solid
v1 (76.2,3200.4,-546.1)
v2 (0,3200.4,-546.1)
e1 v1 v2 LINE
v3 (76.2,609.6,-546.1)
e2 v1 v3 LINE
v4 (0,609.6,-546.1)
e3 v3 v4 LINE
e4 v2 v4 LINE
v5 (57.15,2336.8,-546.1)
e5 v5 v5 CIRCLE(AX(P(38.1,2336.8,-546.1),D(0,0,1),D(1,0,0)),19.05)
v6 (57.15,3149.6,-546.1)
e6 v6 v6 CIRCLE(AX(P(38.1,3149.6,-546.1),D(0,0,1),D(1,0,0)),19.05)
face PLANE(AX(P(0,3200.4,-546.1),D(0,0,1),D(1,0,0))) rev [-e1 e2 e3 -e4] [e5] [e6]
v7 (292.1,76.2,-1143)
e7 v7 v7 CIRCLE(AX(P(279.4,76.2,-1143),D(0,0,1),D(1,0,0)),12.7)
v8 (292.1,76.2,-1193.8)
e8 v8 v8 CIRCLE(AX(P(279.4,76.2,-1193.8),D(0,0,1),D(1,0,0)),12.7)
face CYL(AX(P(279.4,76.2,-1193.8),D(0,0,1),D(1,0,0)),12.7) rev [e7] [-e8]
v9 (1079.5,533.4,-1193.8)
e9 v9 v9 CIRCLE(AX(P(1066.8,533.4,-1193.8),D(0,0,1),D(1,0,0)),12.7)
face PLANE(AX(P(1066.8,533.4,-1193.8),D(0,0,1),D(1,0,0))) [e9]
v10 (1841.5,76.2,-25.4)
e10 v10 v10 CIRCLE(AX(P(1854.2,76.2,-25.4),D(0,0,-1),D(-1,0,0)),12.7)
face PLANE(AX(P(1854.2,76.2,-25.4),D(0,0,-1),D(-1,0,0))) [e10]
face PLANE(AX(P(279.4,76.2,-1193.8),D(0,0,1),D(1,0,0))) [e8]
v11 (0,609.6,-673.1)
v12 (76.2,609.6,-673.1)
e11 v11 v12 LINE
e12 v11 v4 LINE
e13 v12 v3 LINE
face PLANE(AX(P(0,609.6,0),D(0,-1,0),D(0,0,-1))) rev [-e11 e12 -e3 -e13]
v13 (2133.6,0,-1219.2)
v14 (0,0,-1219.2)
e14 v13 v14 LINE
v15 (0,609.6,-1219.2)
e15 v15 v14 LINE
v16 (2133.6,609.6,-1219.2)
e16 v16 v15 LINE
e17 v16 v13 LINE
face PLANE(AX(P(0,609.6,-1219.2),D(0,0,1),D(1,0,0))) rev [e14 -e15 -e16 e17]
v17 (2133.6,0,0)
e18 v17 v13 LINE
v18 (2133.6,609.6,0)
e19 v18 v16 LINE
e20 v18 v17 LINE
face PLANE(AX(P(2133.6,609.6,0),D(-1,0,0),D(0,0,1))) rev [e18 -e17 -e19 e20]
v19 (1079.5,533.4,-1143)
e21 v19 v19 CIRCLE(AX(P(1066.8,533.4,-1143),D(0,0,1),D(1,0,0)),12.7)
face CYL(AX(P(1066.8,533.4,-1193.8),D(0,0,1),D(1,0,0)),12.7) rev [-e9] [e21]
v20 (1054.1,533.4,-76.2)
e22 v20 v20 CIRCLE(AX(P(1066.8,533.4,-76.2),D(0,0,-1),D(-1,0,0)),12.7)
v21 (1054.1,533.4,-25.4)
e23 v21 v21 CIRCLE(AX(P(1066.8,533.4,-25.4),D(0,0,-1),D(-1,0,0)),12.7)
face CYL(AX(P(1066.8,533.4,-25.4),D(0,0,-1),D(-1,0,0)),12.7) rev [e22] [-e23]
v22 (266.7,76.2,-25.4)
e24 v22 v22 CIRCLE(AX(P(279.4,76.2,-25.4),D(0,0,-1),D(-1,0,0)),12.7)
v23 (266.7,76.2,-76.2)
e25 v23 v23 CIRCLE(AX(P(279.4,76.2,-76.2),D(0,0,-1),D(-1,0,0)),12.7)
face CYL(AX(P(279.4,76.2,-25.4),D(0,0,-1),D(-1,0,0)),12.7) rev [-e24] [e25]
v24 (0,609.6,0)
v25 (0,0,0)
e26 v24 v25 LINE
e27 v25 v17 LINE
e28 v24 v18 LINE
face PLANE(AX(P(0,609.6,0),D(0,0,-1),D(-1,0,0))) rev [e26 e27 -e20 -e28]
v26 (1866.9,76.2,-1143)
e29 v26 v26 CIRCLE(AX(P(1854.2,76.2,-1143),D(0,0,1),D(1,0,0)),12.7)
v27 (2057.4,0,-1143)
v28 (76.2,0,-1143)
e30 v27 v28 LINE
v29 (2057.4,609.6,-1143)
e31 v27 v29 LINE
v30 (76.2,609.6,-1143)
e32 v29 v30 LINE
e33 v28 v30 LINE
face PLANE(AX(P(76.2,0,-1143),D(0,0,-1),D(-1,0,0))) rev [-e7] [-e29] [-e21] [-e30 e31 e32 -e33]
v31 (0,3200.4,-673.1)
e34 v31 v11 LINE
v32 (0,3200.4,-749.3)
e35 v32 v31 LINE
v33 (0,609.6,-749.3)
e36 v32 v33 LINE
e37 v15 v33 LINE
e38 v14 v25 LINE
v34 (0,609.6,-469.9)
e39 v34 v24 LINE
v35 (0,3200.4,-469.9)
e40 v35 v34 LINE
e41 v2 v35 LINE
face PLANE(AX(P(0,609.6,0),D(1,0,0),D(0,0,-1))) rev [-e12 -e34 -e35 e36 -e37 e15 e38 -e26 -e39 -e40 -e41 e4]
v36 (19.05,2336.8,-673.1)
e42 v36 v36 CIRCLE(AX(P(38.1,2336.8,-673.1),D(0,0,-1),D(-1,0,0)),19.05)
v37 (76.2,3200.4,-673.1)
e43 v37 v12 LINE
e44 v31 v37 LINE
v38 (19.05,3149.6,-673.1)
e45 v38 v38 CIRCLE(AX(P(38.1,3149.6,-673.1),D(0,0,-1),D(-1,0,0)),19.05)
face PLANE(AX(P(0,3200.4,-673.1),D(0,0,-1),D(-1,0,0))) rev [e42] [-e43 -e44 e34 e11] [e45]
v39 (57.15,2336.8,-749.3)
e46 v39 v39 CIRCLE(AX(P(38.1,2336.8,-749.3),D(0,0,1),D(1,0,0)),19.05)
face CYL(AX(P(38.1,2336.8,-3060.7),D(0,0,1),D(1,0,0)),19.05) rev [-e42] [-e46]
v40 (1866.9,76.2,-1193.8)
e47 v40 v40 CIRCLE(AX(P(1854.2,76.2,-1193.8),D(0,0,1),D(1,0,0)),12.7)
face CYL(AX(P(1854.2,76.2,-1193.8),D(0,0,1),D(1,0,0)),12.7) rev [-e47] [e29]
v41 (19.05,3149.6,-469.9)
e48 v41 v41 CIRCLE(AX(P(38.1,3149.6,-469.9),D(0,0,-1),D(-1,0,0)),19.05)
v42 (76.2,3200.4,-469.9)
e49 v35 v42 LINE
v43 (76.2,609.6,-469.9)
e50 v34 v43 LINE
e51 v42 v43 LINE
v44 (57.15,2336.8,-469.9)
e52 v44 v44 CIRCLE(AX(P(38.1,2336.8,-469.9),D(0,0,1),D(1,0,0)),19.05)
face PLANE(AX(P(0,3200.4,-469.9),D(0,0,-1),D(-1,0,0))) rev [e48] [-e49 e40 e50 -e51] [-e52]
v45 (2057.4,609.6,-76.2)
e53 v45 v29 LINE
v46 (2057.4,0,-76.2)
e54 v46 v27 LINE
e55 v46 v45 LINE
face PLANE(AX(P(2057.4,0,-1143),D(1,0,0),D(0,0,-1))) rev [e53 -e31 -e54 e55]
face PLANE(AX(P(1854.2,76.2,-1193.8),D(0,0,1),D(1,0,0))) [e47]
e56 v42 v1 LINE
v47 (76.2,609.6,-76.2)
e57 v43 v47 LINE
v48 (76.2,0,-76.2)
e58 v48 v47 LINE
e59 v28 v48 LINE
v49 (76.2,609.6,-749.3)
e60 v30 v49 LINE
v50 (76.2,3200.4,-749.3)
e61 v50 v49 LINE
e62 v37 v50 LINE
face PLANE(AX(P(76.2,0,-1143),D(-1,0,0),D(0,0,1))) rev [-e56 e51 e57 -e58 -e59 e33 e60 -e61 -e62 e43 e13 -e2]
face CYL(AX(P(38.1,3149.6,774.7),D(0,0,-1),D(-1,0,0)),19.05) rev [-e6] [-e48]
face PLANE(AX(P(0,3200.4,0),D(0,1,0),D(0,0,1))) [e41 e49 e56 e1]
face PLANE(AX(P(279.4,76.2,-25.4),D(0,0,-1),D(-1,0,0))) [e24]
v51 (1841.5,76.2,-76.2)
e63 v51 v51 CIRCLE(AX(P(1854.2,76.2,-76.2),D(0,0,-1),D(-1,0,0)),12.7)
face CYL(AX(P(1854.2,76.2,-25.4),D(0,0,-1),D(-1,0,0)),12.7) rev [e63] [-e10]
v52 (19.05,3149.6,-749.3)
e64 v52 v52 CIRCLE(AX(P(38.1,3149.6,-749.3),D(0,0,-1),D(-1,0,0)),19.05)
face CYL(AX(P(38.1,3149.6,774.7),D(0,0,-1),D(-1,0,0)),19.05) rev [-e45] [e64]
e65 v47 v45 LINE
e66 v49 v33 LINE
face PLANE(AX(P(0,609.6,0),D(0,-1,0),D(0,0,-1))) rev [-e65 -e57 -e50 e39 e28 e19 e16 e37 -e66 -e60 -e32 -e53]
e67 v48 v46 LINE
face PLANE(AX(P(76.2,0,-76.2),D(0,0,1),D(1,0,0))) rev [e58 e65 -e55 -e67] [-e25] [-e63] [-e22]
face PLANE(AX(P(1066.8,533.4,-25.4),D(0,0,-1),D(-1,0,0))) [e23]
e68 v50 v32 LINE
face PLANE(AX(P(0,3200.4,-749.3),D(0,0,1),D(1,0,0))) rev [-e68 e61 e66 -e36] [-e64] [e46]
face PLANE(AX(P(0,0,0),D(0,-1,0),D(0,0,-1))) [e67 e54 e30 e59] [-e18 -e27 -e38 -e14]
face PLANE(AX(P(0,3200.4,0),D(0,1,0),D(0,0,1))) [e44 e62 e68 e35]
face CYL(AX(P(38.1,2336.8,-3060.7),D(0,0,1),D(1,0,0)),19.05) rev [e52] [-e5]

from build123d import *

# Parameters (mm, degrees)
SKETCH1_W           = 2133.6
SKETCH1_H           = 1219.2
BOSS_EXTRUDE1_DEPTH = 609.6
SKETCH2_W           = 1981.2
SKETCH2_H           = 1066.8
CUT_EXTRUDE1_DEPTH  = 609.6
SKETCH5_R           = 12.7
CUT_EXTRUDE2_DEPTH  = 50.8
SKETCH6_R           = 12.7
CUT_EXTRUDE3_DEPTH  = 50.8
SKETCH7_R           = 12.7
BOSS_EXTRUDE2_DEPTH = 50.8
SKETCH8_R           = 12.7
CUT_EXTRUDE4_DEPTH  = 50.8
SKETCH10_R          = 12.7
CUT_EXTRUDE5_DEPTH  = 50.8
SKETCH11_W          = 76.2
SKETCH11_H          = 76.2
BOSS_EXTRUDE3_DEPTH = 2590.8
SKETCH12_R          = 19.05
CUT_EXTRUDE6_DEPTH  = 2590.8
SKETCH13_R          = 19.05
CUT_EXTRUDE7_DEPTH  = 1524


with BuildPart() as part:
    # Sketch1 → Boss-Extrude1 (new body)
    with BuildSketch(Plane(origin=(0, 0, 0), x_dir=(1, 0, 0), z_dir=(0, 1, 0))):
        with Locations((1066.8, 609.6)):
            Rectangle(SKETCH1_W, SKETCH1_H)
    extrude(amount=BOSS_EXTRUDE1_DEPTH)

    # Sketch2 → Cut-Extrude1 (cut)
    with BuildSketch(Plane(origin=(0, 609.6, 0), x_dir=(1, 0, 0), z_dir=(0, 1, 0))):
        with Locations((1066.8, 609.6)):
            Rectangle(SKETCH2_W, SKETCH2_H)
    extrude(amount=-CUT_EXTRUDE1_DEPTH, mode=Mode.SUBTRACT)

    # Sketch5 → Cut-Extrude2 (cut)
    with BuildSketch(Plane(origin=(0, 0, -76.2), x_dir=(-1, 0, 0), z_dir=(0, 0, -1))):
        with Locations((-279.4, 76.2)):
            Circle(SKETCH5_R)
        with Locations((-1854.2, 76.2)):
            Circle(SKETCH5_R)
    extrude(amount=-CUT_EXTRUDE2_DEPTH, mode=Mode.SUBTRACT)

    # Sketch6 → Cut-Extrude3 (cut)
    with BuildSketch(Plane.XY.offset(-1143)):
        with Locations((1854.2, 76.2)):
            Circle(SKETCH6_R)
        with Locations((279.4, 76.2)):
            Circle(SKETCH6_R)
    extrude(amount=-CUT_EXTRUDE3_DEPTH, mode=Mode.SUBTRACT)

    # Sketch7 → Boss-Extrude2 (add)
    with BuildSketch(Plane.XY.offset(-1143)):
        with Locations((1066.8, 508)):
            Circle(SKETCH7_R)
    extrude(amount=-BOSS_EXTRUDE2_DEPTH)

    # Sketch8 → Cut-Extrude4 (cut)
    with BuildSketch(Plane(origin=(0, 0, -76.2), x_dir=(-1, 0, 0), z_dir=(0, 0, -1))):
        with Locations((-1066.8, 533.4)):
            Circle(SKETCH8_R)
    extrude(amount=-CUT_EXTRUDE4_DEPTH, mode=Mode.SUBTRACT)

    # Sketch10 → Cut-Extrude5 (cut)
    with BuildSketch(Plane.XY.offset(-1143)):
        with Locations((1066.8, 533.4)):
            Circle(SKETCH10_R)
    extrude(amount=-CUT_EXTRUDE5_DEPTH, mode=Mode.SUBTRACT)

    # Sketch11 → Boss-Extrude3 (add)
    with BuildSketch(Plane(origin=(0, 609.6, 0), x_dir=(1, 0, 0), z_dir=(0, 1, 0))):
        with Locations((38.1, 711.2)):
            Rectangle(SKETCH11_W, SKETCH11_H)
        with Locations((38.1, 508)):
            Rectangle(SKETCH11_W, SKETCH11_H)
    extrude(amount=BOSS_EXTRUDE3_DEPTH)

    # Sketch12 → Cut-Extrude6 (cut)
    with BuildSketch(Plane.XY.offset(-469.9)):
        with Locations((38.1, 2336.8)):
            Circle(SKETCH12_R)
    extrude(amount=-CUT_EXTRUDE6_DEPTH, mode=Mode.SUBTRACT)

    # Sketch13 → Cut-Extrude7 (cut)
    with BuildSketch(Plane(origin=(0, 0, -749.3), x_dir=(-1, 0, 0), z_dir=(0, 0, -1))):
        with Locations((-38.1, 3149.6)):
            Circle(SKETCH13_R)
    extrude(amount=-CUT_EXTRUDE7_DEPTH, mode=Mode.SUBTRACT)


solid = part.part
